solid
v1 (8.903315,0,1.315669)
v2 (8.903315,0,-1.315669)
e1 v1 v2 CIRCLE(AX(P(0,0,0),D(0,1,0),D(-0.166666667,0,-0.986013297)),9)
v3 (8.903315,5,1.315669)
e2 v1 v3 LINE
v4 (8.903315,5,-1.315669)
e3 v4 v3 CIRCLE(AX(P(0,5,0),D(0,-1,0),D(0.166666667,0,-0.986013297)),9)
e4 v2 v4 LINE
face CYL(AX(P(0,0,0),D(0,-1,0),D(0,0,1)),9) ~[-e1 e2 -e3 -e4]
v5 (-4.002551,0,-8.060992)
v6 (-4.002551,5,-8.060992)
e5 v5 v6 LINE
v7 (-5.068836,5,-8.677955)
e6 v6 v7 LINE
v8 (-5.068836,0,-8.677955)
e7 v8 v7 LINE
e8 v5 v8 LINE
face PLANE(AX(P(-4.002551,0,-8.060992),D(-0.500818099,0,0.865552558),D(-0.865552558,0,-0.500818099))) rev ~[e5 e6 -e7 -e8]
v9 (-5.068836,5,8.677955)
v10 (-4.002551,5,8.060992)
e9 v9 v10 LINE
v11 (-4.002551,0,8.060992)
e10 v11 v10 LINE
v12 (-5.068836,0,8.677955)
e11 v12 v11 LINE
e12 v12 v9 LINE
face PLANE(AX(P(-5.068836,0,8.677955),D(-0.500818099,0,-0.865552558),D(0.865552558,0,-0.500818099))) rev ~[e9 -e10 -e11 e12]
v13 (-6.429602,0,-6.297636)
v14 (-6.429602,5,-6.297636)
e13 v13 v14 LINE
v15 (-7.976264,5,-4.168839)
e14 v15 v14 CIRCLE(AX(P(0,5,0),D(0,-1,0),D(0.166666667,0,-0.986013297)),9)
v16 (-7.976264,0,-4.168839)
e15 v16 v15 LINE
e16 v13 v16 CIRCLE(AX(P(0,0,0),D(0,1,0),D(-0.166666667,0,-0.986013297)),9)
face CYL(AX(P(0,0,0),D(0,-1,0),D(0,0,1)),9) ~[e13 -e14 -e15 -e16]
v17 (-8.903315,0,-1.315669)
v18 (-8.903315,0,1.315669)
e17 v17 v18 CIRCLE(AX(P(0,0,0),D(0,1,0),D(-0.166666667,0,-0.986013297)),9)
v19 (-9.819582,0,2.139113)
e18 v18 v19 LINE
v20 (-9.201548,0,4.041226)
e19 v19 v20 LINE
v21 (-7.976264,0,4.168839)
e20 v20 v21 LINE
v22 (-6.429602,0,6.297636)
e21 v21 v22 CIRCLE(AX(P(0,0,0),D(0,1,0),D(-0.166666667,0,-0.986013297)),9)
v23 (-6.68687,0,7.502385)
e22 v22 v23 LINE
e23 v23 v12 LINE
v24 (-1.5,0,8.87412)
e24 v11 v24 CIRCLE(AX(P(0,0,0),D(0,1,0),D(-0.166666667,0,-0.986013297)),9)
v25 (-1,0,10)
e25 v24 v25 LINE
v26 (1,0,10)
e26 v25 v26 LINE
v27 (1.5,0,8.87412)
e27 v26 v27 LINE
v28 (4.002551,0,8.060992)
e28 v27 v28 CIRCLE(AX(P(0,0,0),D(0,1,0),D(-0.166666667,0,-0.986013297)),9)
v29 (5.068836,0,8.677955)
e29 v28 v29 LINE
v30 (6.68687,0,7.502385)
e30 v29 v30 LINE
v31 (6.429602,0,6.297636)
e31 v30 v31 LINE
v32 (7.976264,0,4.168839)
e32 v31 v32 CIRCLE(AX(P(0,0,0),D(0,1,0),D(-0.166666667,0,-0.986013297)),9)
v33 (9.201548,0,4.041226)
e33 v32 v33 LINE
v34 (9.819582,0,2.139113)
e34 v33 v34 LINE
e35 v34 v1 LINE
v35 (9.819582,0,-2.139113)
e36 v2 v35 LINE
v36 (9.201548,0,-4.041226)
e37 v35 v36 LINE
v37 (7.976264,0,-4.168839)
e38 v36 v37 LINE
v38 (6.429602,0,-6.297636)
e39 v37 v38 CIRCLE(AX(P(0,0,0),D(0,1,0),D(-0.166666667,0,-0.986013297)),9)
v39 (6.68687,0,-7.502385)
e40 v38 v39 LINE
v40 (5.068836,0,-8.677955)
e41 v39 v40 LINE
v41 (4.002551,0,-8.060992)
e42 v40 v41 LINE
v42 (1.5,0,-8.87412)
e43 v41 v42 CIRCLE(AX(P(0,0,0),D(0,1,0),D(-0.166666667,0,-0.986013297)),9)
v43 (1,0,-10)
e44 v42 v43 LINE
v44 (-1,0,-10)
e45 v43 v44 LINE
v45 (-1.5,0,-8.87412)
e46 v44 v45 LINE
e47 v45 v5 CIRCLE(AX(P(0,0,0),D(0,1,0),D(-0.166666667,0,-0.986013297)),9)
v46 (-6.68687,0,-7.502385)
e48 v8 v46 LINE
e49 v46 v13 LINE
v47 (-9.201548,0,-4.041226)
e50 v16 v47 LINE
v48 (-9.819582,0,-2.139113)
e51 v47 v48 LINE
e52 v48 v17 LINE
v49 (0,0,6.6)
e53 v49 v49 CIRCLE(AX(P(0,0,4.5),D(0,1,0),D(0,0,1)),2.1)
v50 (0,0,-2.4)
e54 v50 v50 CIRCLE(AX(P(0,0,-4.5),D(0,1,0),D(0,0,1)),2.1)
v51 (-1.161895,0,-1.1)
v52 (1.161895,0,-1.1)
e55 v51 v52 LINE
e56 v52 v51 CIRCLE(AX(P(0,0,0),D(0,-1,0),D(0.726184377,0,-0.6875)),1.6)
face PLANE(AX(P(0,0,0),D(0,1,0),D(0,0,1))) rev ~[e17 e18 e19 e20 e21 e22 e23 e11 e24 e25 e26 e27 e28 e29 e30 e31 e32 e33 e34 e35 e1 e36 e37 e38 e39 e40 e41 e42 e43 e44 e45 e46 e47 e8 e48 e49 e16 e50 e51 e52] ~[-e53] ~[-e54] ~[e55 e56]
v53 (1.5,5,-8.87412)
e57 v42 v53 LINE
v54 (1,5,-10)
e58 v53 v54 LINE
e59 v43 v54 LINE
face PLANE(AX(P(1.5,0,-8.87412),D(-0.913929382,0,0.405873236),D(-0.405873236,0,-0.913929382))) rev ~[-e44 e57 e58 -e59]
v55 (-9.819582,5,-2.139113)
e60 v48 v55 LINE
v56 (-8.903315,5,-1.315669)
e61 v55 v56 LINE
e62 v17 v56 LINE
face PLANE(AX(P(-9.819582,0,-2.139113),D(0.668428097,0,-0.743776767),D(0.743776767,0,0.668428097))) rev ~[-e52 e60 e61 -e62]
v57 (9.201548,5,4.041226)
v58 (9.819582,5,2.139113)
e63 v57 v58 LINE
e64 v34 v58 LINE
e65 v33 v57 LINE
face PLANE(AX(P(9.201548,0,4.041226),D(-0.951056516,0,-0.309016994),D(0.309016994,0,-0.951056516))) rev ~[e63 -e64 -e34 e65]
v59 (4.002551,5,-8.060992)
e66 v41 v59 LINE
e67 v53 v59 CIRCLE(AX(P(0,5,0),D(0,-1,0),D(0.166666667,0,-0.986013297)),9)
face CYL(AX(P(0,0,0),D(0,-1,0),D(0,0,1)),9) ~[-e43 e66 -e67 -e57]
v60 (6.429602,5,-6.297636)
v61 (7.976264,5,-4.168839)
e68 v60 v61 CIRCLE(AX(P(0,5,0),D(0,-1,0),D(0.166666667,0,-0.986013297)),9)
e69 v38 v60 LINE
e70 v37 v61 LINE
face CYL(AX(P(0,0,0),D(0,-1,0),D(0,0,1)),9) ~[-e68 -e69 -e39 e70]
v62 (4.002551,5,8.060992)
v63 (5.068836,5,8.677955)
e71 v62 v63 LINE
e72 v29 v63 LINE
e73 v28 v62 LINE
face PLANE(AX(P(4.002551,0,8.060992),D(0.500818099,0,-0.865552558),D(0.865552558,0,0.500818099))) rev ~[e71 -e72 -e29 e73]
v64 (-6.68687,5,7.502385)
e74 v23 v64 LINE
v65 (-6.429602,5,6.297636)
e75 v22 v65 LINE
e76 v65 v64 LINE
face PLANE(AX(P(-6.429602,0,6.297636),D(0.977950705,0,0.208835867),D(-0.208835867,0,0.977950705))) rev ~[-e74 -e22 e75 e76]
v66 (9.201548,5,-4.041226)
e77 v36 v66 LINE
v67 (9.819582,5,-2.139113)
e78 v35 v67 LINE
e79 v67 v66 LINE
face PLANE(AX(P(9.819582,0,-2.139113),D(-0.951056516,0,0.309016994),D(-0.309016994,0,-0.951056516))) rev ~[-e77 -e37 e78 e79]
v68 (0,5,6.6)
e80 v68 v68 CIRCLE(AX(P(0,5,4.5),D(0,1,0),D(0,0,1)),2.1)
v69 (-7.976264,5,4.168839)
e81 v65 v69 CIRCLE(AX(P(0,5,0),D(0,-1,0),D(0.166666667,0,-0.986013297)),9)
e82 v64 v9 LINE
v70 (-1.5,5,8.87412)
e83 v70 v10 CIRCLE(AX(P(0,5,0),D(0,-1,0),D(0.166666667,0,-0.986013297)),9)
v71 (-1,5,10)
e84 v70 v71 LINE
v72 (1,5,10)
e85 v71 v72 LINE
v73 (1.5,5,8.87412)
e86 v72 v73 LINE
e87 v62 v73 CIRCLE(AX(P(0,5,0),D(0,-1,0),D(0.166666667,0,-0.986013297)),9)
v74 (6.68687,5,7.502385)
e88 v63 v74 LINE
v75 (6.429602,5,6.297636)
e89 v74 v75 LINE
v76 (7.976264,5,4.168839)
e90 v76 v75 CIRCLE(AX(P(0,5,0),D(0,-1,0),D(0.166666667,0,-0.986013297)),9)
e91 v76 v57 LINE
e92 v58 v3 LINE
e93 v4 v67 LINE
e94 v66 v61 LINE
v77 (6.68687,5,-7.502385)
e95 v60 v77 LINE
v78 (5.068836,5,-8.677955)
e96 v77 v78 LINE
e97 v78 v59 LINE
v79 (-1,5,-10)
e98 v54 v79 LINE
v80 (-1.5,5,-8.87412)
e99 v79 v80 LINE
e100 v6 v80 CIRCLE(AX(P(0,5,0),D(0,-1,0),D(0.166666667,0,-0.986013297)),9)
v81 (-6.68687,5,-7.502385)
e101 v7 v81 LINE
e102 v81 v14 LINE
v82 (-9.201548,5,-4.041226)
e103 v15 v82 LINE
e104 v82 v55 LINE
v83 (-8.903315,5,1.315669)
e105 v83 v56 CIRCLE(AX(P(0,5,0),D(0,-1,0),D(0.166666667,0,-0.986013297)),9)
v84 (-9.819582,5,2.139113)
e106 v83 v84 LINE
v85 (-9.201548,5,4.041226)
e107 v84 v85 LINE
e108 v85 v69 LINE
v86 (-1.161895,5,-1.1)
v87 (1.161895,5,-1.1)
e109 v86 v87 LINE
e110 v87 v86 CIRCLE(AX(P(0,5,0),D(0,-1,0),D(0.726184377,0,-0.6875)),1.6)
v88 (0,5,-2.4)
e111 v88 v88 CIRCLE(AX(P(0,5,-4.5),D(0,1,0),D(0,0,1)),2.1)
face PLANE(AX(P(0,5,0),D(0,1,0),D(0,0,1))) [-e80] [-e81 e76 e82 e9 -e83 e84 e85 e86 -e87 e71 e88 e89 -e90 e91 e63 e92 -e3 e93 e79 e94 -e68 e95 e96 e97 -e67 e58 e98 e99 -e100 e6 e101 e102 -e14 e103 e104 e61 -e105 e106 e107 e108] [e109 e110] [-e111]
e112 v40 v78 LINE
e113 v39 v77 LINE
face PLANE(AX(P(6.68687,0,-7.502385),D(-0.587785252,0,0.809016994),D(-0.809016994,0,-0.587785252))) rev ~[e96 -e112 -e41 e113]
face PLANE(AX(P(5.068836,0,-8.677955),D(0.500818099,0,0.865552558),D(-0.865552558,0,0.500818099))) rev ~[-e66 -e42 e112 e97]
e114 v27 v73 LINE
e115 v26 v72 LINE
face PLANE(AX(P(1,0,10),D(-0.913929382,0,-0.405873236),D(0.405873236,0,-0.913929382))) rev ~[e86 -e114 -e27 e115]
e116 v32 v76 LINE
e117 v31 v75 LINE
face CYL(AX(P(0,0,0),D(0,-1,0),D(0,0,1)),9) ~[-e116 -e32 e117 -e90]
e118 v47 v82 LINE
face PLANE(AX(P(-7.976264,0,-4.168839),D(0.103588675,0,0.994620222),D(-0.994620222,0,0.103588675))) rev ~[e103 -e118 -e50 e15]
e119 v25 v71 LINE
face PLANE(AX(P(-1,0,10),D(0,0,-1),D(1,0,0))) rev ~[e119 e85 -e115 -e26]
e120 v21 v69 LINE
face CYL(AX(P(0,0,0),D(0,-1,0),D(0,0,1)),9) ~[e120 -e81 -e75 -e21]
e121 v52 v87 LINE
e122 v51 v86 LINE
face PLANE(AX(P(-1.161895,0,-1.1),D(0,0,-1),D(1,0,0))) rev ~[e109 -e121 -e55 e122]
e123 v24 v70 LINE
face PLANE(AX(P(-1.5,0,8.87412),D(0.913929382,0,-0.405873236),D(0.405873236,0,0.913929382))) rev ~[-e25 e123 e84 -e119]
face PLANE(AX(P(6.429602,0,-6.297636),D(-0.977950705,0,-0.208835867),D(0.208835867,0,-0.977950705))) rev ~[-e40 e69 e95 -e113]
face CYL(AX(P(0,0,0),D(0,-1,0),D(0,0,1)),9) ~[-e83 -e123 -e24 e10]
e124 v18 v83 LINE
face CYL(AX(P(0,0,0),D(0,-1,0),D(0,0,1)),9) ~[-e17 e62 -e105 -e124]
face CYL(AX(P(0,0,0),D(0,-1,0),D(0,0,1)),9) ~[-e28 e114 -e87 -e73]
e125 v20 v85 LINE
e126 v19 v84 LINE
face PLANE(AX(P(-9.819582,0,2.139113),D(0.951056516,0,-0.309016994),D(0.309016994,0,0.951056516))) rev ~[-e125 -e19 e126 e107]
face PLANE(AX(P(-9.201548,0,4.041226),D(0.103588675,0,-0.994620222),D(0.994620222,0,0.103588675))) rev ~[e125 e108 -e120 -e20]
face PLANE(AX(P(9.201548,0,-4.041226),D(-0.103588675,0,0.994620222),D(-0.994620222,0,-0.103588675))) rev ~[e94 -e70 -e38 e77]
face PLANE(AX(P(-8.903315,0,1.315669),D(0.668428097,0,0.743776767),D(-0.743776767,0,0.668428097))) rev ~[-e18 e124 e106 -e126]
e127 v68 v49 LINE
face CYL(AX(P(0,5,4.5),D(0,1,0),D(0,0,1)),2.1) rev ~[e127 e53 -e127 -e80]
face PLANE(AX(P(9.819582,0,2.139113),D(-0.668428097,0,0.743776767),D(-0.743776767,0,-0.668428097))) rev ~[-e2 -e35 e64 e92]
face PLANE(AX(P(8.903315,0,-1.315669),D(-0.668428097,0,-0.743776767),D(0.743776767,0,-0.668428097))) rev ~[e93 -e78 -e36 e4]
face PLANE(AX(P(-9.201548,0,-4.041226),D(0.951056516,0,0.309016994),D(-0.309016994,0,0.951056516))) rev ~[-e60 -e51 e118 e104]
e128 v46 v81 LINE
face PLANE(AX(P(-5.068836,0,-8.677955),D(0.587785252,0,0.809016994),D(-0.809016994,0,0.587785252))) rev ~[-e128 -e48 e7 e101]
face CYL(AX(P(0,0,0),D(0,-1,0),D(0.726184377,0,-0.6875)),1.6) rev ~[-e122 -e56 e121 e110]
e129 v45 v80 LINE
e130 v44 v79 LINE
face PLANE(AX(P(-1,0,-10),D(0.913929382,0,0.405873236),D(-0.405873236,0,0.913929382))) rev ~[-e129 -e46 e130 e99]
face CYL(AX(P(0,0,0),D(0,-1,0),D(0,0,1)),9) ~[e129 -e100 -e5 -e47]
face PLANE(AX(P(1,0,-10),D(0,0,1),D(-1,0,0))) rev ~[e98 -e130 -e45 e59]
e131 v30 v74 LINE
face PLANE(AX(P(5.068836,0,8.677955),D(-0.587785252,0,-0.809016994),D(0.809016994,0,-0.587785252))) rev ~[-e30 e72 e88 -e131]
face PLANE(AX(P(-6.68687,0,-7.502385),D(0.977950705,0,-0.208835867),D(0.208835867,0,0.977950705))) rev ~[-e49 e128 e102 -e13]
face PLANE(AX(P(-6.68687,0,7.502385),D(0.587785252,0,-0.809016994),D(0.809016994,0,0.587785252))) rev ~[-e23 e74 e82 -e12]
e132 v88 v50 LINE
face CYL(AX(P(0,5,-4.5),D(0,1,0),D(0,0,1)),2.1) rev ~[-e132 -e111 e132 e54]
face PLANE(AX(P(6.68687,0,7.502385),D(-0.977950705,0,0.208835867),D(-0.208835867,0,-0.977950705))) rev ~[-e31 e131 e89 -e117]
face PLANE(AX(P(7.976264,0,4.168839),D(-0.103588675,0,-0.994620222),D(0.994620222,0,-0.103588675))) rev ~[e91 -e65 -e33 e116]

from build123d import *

# Parameters (mm, degrees)
SKETCH_1_R               = 9
EXTRUDE_1_DEPTH          = 5
EXTRUDE_START            = -5
EXTRUDE_2_DEPTH          = 5
PATTERN_CIRCULAR_1_COUNT = 10
CUT_EXTRUDE_1_REACH      = 16.88
SKETCH_3_R               = 2.1


with BuildPart() as part:
    # 草图1 → 凸台-拉伸1 (new body)
    with BuildSketch(Plane(origin=(0, 0, 0), x_dir=(1, 0, 0), z_dir=(0, 1, 0))):
        with Locations(Location((0, 0, 0), (0, 0, 270))):
            Circle(SKETCH_1_R)
        with BuildLine():
            Line((-1.161895004, 1.1), (1.161895004, 1.1))
            ThreePointArc((1.161895004, 1.1), (0, -1.6), (-1.161895004, 1.1))
        make_face(mode=Mode.SUBTRACT)
    extrude(amount=EXTRUDE_1_DEPTH)

    # 草图2 → 凸台-拉伸2 (add)
    with BuildSketch(Plane(origin=(0, 5, 0), x_dir=(1, 0, 0), z_dir=(0, 1, 0)).offset(EXTRUDE_START)):
        with BuildLine():
            Line((1.5, 8.874119675), (1, 10))
            Line((1, 10), (-1, 10))
            Line((-1, 10), (-1.5, 8.874119675))
            ThreePointArc((-1.5, 8.874119675), (0, 9), (1.5, 8.874119675))
        make_face()
    extrude_2 = extrude(amount=EXTRUDE_2_DEPTH)

    # 阵列(圆周)1: 凸台-拉伸2 ×10 about axis
    pattern_circular_1_axis = Axis((0, 0, 0), (0, 1, 0))
    for i in range(1, PATTERN_CIRCULAR_1_COUNT):
        add(extrude_2.rotate(pattern_circular_1_axis, i * 360 / PATTERN_CIRCULAR_1_COUNT))

    # 草图3 → 切除-拉伸1 (cut, up to next)
    with BuildSketch(Plane(origin=(0, 5, 0), x_dir=(1, 0, 0), z_dir=(0, 1, 0)), mode=Mode.PRIVATE) as cut_extrude_1_sk1:
        with Locations(Location((0, 4.5, 0), (0, 0, 270))):
            Circle(SKETCH_3_R)
    cut_extrude_1_tool1 = extrude(cut_extrude_1_sk1.sketch, amount=-CUT_EXTRUDE_1_REACH, mode=Mode.PRIVATE) & part.part
    # 草图3 → 切除-拉伸1 (cut, up to next)
    with BuildSketch(Plane(origin=(0, 5, 0), x_dir=(1, 0, 0), z_dir=(0, 1, 0)), mode=Mode.PRIVATE) as cut_extrude_1_sk2:
        with Locations(Location((0, -4.5, 0), (0, 0, 270))):
            Circle(SKETCH_3_R)
    cut_extrude_1_tool2 = extrude(cut_extrude_1_sk2.sketch, amount=-CUT_EXTRUDE_1_REACH, mode=Mode.PRIVATE) & part.part
    add(cut_extrude_1_tool1.solids().sort_by_distance((0, 5, -4.5))[0], mode=Mode.SUBTRACT)
    add(cut_extrude_1_tool2.solids().sort_by_distance((0, 5, 4.5))[0], mode=Mode.SUBTRACT)


solid = part.part
